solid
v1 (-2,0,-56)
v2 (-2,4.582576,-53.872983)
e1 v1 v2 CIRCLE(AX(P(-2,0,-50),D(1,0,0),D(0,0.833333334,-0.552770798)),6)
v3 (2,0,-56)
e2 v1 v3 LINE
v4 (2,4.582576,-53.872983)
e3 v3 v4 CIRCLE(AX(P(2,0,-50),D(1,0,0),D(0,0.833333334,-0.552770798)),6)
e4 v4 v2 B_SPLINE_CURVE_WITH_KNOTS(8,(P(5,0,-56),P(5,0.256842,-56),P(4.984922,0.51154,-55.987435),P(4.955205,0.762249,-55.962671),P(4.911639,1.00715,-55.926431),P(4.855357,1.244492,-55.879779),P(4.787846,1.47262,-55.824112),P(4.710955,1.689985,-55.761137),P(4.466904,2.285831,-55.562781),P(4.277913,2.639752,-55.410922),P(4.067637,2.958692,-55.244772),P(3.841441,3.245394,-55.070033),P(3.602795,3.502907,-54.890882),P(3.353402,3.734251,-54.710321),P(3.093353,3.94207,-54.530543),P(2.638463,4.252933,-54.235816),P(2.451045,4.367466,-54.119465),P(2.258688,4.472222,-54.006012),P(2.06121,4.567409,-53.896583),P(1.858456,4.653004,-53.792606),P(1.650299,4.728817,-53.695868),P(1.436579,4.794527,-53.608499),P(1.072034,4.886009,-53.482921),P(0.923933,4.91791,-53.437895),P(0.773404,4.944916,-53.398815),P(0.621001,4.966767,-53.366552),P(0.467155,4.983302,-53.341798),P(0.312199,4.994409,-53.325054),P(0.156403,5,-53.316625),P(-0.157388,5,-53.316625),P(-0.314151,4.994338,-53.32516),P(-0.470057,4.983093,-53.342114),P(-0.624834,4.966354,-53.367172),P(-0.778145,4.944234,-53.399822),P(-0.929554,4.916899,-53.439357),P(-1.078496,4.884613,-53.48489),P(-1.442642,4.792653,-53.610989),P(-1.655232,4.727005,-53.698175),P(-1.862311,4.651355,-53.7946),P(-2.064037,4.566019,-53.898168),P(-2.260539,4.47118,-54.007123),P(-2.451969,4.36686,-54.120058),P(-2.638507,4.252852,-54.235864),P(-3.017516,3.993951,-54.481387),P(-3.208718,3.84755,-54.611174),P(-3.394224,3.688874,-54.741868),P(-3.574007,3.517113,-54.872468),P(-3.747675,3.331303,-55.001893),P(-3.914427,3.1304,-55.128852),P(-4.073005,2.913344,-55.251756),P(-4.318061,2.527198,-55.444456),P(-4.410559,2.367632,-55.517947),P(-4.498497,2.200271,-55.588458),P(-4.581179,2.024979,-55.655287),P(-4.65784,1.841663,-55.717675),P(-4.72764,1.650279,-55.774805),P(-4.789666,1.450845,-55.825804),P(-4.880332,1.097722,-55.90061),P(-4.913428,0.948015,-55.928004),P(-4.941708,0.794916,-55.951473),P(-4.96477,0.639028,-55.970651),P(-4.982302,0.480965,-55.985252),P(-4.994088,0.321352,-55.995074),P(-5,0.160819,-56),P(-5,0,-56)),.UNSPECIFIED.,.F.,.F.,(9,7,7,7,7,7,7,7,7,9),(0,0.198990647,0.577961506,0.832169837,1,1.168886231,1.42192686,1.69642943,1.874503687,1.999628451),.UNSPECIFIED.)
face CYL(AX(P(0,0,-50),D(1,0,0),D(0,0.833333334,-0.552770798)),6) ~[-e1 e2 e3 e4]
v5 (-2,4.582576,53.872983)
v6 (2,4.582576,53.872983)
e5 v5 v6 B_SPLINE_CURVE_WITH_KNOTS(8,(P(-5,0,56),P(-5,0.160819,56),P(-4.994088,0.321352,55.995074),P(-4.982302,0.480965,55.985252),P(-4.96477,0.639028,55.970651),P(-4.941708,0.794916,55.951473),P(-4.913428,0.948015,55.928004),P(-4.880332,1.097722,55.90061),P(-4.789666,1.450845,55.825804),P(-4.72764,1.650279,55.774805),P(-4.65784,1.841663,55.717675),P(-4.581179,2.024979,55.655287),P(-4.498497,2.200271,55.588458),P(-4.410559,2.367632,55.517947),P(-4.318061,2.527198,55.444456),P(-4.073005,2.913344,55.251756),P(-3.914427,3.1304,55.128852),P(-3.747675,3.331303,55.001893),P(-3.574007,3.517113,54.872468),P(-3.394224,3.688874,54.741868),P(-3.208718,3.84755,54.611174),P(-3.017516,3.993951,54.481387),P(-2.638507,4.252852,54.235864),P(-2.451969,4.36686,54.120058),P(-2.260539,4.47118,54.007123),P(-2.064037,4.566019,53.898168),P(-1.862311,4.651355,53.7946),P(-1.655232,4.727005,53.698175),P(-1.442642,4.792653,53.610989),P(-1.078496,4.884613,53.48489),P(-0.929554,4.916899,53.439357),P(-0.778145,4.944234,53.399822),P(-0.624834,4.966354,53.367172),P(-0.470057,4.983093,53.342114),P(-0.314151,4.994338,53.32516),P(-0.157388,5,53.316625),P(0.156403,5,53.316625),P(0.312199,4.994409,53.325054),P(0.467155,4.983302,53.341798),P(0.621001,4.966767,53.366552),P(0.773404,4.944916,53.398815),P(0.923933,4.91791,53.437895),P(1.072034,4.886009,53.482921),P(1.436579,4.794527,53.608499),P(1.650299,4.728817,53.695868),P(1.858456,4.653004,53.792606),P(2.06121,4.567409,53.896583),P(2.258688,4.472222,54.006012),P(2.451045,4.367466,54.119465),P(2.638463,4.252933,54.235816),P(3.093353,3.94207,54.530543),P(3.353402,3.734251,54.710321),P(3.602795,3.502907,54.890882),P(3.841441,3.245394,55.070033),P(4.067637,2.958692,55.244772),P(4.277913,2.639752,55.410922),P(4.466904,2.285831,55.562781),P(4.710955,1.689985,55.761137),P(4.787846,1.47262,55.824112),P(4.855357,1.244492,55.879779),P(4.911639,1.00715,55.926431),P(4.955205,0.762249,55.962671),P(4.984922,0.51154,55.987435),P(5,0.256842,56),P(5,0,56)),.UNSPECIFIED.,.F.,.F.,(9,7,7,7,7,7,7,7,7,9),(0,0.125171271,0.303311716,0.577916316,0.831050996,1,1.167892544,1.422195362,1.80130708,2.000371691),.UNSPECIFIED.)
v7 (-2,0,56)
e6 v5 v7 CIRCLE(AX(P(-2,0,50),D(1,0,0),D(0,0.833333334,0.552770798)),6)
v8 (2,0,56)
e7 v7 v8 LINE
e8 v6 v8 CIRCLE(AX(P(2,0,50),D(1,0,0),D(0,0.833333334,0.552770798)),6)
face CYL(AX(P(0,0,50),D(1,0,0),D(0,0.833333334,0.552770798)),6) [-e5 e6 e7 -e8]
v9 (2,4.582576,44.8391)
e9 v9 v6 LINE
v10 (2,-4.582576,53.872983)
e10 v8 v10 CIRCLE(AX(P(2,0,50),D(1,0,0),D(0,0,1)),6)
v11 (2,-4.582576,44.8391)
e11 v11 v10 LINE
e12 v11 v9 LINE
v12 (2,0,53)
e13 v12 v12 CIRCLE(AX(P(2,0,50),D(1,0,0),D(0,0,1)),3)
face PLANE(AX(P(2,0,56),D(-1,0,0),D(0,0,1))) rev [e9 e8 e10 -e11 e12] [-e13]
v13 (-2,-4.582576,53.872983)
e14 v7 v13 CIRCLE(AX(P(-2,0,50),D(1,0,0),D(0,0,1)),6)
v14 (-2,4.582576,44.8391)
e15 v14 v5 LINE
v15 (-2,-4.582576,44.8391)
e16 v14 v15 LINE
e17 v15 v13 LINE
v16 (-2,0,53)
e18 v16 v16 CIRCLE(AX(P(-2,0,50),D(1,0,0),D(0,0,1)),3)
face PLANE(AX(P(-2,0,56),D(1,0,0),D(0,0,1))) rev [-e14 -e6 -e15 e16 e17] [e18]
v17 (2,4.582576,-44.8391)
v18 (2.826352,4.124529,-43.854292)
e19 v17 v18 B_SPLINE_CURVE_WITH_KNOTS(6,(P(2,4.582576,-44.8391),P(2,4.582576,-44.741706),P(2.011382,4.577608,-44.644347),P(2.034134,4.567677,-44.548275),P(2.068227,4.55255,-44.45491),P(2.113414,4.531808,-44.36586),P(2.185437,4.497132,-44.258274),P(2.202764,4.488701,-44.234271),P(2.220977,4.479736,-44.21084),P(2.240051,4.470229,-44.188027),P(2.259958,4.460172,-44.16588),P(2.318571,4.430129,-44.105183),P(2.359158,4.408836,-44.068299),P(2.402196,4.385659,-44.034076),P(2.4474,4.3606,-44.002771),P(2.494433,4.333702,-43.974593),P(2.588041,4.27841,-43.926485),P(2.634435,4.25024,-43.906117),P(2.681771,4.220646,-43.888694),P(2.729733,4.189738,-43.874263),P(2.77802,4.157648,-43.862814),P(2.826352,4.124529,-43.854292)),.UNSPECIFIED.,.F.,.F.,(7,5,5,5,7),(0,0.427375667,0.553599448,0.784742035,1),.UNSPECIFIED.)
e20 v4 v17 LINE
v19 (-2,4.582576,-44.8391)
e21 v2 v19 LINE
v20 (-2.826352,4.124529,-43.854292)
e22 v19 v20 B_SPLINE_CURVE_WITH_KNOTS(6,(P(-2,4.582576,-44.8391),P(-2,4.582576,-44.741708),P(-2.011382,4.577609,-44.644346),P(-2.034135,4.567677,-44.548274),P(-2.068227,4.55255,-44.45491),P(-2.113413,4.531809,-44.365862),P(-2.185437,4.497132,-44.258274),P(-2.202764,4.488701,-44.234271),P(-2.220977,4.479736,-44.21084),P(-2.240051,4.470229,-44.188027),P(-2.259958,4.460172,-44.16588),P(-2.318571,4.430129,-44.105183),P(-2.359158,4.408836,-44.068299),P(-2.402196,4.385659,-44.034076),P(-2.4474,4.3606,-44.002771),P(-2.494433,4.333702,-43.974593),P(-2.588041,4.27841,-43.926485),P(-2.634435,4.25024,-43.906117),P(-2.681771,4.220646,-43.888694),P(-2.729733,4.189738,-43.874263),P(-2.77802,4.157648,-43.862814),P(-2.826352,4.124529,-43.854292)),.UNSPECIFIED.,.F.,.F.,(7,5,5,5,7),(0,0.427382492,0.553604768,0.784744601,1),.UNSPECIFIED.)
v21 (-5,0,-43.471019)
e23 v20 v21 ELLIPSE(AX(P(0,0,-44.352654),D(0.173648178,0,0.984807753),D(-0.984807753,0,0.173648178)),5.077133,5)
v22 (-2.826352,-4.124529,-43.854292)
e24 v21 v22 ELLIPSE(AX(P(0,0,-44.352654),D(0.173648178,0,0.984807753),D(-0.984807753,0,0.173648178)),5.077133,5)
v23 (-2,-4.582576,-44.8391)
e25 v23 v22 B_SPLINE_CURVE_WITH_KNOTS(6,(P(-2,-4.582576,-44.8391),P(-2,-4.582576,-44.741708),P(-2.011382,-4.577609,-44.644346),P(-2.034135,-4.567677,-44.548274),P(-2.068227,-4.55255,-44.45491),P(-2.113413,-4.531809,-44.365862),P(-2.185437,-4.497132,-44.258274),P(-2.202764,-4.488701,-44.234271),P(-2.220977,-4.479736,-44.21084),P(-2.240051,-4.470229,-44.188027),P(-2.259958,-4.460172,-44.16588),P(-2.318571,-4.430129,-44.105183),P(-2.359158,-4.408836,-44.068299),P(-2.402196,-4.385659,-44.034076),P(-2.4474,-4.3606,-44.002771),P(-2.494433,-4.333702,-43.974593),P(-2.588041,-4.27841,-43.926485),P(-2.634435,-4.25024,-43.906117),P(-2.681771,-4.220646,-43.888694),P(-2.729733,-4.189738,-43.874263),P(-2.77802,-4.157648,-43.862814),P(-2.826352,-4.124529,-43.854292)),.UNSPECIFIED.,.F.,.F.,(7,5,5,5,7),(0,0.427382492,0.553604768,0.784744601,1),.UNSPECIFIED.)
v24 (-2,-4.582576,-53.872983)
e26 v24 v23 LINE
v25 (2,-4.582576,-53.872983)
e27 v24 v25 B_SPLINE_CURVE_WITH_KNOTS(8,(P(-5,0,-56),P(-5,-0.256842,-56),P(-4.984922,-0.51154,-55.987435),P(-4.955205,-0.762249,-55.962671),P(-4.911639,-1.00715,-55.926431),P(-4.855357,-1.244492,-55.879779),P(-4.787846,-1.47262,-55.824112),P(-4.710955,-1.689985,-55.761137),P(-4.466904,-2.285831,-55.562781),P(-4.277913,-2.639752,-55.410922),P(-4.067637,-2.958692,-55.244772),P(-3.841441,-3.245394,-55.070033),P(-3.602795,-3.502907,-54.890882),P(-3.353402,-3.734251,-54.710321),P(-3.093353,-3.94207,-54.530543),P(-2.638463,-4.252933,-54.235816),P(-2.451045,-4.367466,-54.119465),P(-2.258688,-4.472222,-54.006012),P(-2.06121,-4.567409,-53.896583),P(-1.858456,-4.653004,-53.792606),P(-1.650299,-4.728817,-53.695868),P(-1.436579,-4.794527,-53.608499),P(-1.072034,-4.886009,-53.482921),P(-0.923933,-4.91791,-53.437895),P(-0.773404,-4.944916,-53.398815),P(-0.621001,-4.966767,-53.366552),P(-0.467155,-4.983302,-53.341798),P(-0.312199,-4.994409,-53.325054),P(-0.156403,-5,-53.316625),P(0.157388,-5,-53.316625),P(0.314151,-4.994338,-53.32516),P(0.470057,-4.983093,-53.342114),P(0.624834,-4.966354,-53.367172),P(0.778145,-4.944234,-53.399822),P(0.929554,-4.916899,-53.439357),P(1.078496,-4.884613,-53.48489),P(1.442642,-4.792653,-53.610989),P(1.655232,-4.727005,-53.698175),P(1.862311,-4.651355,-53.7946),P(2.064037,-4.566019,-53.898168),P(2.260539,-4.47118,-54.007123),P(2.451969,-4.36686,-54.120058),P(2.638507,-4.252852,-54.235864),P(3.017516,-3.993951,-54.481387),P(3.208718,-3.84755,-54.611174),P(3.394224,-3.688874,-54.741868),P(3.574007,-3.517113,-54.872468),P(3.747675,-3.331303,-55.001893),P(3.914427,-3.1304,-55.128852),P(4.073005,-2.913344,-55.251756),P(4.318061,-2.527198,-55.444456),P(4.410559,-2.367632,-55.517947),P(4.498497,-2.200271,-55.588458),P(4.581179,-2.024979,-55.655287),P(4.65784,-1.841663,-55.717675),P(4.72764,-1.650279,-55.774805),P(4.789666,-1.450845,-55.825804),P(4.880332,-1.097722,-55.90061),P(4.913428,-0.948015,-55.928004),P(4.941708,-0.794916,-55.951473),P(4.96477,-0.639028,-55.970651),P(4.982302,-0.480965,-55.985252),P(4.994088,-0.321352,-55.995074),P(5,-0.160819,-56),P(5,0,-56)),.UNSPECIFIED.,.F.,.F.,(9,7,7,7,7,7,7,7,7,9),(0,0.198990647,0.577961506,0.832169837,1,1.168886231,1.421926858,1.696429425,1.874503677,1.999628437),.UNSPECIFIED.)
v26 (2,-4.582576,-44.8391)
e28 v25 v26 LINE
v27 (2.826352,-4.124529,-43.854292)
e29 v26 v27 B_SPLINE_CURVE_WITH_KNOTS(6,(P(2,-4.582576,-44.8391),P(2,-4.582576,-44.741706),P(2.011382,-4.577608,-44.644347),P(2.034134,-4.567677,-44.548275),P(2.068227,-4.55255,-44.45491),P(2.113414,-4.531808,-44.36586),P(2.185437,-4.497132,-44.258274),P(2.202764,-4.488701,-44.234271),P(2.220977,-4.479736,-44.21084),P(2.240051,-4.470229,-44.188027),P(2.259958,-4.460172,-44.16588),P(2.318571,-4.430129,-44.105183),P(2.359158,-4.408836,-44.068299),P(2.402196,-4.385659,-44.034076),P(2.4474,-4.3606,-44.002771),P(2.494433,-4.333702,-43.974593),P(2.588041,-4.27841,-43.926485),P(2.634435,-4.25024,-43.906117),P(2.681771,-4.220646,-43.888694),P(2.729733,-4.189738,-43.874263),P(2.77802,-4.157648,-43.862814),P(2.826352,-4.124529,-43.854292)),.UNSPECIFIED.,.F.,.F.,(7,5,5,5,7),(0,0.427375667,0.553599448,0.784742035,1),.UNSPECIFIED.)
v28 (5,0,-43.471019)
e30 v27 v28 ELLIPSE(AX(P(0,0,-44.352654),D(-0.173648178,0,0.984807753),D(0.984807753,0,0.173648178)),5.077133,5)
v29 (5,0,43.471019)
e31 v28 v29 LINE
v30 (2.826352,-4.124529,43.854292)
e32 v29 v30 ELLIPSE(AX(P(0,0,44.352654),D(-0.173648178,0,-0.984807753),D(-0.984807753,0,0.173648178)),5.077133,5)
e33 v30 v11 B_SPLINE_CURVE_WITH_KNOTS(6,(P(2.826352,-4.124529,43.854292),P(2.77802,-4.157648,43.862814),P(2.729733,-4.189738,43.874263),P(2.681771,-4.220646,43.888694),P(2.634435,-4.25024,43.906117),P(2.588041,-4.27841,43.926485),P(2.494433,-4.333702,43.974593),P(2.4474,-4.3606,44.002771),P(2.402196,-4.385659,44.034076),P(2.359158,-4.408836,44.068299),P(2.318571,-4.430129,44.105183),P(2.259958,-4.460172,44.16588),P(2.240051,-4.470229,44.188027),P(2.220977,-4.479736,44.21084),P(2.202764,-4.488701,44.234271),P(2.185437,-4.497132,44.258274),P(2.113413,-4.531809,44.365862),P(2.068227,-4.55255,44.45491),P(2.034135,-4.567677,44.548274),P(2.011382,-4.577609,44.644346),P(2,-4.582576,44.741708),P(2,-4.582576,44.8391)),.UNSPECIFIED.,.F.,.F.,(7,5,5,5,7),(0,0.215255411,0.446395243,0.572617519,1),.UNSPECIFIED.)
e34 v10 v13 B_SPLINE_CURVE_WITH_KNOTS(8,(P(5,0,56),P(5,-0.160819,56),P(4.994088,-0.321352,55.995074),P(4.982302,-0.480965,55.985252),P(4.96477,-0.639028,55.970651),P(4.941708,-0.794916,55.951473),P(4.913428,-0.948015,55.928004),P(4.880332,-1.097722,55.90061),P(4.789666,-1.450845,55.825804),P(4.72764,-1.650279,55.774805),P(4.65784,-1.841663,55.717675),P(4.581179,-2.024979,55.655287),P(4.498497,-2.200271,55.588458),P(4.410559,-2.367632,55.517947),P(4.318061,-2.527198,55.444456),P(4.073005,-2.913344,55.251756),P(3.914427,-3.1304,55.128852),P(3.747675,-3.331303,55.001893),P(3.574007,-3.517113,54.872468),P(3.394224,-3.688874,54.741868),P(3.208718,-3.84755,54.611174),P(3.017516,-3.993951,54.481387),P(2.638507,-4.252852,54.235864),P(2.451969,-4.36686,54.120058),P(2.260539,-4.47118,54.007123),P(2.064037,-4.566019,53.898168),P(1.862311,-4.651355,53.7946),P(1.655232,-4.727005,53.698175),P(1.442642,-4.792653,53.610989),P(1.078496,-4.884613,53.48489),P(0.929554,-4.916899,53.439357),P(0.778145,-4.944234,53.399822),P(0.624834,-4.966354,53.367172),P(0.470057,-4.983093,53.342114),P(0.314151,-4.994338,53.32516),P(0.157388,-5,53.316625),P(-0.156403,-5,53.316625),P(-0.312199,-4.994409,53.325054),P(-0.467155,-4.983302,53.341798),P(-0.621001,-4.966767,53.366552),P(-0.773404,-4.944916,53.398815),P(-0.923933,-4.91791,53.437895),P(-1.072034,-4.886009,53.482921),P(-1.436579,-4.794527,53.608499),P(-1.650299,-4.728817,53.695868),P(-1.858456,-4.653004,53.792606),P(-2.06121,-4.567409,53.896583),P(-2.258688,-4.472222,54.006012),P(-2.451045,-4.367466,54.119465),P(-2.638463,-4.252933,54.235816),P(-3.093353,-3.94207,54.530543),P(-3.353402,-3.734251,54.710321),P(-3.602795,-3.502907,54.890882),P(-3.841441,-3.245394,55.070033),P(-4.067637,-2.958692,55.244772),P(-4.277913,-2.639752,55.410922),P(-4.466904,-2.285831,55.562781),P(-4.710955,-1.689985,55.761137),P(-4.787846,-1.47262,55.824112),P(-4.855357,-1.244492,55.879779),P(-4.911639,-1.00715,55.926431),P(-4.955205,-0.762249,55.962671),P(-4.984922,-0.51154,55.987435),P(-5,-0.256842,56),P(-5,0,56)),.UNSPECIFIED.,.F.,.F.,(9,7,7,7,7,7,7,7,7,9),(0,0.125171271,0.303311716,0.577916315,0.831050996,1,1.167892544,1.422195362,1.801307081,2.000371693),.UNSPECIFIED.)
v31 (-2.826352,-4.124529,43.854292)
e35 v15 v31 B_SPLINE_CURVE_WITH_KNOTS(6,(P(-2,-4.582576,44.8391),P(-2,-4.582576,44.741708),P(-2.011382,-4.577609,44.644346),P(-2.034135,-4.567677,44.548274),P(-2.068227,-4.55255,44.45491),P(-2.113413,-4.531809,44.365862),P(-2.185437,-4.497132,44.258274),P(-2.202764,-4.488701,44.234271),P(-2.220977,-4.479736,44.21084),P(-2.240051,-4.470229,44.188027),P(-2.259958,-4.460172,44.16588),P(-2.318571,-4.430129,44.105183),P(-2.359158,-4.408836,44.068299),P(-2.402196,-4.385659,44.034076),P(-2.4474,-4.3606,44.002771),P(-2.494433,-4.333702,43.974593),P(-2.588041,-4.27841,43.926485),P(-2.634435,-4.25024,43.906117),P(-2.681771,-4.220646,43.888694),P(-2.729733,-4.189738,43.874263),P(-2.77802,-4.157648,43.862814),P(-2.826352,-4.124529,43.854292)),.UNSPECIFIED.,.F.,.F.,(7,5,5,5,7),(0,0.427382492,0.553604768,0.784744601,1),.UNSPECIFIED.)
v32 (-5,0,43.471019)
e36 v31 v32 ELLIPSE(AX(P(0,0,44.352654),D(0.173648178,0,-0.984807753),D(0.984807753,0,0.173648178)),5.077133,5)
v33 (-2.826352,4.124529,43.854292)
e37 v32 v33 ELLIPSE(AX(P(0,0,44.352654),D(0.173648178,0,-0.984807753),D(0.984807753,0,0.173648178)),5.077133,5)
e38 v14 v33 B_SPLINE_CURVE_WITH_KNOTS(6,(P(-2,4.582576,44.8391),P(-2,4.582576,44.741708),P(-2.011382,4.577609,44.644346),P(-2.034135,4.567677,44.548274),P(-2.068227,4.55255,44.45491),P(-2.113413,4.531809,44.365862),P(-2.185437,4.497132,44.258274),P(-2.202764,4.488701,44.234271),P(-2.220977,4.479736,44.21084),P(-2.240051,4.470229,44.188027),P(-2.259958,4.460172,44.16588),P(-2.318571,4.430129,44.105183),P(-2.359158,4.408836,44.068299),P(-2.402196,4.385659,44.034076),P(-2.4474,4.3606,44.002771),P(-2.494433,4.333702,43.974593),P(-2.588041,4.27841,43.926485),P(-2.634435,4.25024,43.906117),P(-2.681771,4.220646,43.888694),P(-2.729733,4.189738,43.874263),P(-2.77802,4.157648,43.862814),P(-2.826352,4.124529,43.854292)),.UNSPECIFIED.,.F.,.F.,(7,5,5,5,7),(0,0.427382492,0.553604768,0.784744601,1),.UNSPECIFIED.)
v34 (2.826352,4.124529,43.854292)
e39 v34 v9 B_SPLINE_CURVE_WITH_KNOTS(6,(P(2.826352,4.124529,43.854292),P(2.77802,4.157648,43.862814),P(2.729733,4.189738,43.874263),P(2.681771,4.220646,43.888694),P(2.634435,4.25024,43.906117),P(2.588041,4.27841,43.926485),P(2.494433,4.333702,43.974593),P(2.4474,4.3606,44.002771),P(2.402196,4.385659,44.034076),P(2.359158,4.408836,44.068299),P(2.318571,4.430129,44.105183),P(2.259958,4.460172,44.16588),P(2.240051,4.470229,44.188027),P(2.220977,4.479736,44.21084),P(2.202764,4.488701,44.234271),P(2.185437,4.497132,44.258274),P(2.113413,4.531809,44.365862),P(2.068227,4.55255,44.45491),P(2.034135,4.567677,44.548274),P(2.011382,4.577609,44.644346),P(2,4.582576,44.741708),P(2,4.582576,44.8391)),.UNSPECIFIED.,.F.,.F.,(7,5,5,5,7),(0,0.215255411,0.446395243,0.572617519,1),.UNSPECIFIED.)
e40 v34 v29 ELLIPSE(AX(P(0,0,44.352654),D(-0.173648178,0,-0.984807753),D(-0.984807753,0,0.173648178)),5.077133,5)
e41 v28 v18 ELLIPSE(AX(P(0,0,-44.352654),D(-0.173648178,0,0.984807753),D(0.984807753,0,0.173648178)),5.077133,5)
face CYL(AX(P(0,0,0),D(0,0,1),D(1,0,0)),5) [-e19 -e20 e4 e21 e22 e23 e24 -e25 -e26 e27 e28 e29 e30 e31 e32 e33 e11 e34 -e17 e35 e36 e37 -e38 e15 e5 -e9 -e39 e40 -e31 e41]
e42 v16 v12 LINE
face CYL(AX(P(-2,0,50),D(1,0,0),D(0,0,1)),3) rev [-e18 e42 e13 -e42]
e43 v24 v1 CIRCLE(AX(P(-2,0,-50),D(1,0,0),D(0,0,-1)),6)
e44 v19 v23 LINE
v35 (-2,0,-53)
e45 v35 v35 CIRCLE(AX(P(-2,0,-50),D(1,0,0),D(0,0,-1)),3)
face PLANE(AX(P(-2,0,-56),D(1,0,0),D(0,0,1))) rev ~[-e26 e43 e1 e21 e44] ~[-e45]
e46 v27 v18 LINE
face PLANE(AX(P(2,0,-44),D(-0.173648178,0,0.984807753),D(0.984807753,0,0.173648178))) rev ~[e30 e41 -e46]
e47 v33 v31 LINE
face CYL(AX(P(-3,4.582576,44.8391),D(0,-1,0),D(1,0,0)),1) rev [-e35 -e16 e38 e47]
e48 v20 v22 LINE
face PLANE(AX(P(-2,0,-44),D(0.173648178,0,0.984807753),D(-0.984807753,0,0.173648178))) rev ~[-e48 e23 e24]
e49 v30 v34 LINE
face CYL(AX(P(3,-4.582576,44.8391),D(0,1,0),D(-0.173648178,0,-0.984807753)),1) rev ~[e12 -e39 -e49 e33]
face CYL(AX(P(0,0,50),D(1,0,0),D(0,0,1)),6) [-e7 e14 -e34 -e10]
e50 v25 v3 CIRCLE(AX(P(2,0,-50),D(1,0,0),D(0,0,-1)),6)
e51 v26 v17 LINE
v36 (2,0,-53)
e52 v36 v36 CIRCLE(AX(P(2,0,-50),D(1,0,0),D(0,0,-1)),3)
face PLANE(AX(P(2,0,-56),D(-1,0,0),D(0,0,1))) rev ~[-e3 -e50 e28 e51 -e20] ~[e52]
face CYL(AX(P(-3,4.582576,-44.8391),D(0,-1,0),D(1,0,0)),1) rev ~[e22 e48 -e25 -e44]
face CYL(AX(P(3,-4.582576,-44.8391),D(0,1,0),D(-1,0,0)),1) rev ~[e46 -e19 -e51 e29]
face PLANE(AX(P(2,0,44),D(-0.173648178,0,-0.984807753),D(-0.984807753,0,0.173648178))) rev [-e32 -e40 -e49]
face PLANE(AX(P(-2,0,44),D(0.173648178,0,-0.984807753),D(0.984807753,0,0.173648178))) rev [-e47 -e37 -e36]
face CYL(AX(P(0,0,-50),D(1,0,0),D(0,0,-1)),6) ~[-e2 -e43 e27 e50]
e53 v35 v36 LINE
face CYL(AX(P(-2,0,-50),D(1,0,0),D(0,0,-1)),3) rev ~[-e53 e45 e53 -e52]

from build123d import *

# Parameters (mm, degrees)
SKETCH1_R            = 5
BOSS_EXTRUDE1_DEPTH  = 56
CUT_EXTRUDE2_DEPTH   = 57.444663167
CUT_EXTRUDE3_DEPTH   = 57.444663284
SKETCH8_R            = 3
CUT_EXTRUDE4_DEPTH   = 57.656862017
FILLET1_R            = 1
FILLET1_OF_MIRROR2_R = 1


with BuildPart() as part:
    # Sketch1 → Boss-Extrude1 (new, symmetric)
    with BuildSketch(Plane.XY):
        Circle(SKETCH1_R)
    extrude(amount=BOSS_EXTRUDE1_DEPTH, both=True)

    # Sketch6 → Cut-Extrude2 (cut, symmetric)
    with BuildSketch(Plane(origin=(0, 0, 0), x_dir=(0, 0, -1), z_dir=(1, 0, 0))):
        with BuildLine():
            Line((56, 0), (56, 5))
            Line((56, 5), (53.31662479, 5))
            ThreePointArc((53.31662479, 5), (55.286764074, 2.837274331), (56, 0))
        make_face()
        with BuildLine():
            Line((56, -5), (56, 0))
            ThreePointArc((56, 0), (55.286764074, -2.837274331), (53.31662479, -5))
            Line((53.31662479, -5), (56, -5))
        make_face()
    cut_extrude2 = extrude(amount=CUT_EXTRUDE2_DEPTH, both=True, mode=Mode.SUBTRACT)

    # Sketch7 → Cut-Extrude3 (cut, symmetric)
    with BuildSketch(Plane(origin=(0, 0, 0), x_dir=(1, 0, 0), z_dir=(0, 1, 0))):
        Polygon((-2, 56), (-2, 44), (-5, 43.471019058), (-5, 56), align=None)
        Polygon((5, 56), (2, 56), (2, 44), (5, 43.471019058), align=None)
    cut_extrude3 = extrude(amount=CUT_EXTRUDE3_DEPTH, both=True, mode=Mode.SUBTRACT)

    # Sketch8 → Cut-Extrude4 (cut, symmetric)
    with BuildSketch(Plane(origin=(-2, 0, 0), x_dir=(0, 0, -1), z_dir=(1, 0, 0))):
        with Locations((50, 0)):
            Circle(SKETCH8_R)
    cut_extrude4 = extrude(amount=CUT_EXTRUDE4_DEPTH, both=True, mode=Mode.SUBTRACT)

    # Fillet1
    fillet1_edges = [part.edges().sort_by_distance(p)[0] for p in [
        (-2, 0, -44),
        (2, 0, -44),
    ]]
    fillet(fillet1_edges, radius=FILLET1_R)

    # Mirror2: Cut-Extrude2, Cut-Extrude3, Cut-Extrude4 across plane
    add(cut_extrude2.mirror(Plane.XY), mode=Mode.SUBTRACT)
    add(cut_extrude3.mirror(Plane.XY), mode=Mode.SUBTRACT)
    add(cut_extrude4.mirror(Plane.XY), mode=Mode.SUBTRACT)

    # Fillet1 of Mirror2
    fillet1_of_mirror2_edges = [part.edges().sort_by_distance(p)[0] for p in [
        (-2, 0, 44),
        (2, 0, 44),
    ]]
    fillet(fillet1_of_mirror2_edges, radius=FILLET1_OF_MIRROR2_R)


solid = part.part
